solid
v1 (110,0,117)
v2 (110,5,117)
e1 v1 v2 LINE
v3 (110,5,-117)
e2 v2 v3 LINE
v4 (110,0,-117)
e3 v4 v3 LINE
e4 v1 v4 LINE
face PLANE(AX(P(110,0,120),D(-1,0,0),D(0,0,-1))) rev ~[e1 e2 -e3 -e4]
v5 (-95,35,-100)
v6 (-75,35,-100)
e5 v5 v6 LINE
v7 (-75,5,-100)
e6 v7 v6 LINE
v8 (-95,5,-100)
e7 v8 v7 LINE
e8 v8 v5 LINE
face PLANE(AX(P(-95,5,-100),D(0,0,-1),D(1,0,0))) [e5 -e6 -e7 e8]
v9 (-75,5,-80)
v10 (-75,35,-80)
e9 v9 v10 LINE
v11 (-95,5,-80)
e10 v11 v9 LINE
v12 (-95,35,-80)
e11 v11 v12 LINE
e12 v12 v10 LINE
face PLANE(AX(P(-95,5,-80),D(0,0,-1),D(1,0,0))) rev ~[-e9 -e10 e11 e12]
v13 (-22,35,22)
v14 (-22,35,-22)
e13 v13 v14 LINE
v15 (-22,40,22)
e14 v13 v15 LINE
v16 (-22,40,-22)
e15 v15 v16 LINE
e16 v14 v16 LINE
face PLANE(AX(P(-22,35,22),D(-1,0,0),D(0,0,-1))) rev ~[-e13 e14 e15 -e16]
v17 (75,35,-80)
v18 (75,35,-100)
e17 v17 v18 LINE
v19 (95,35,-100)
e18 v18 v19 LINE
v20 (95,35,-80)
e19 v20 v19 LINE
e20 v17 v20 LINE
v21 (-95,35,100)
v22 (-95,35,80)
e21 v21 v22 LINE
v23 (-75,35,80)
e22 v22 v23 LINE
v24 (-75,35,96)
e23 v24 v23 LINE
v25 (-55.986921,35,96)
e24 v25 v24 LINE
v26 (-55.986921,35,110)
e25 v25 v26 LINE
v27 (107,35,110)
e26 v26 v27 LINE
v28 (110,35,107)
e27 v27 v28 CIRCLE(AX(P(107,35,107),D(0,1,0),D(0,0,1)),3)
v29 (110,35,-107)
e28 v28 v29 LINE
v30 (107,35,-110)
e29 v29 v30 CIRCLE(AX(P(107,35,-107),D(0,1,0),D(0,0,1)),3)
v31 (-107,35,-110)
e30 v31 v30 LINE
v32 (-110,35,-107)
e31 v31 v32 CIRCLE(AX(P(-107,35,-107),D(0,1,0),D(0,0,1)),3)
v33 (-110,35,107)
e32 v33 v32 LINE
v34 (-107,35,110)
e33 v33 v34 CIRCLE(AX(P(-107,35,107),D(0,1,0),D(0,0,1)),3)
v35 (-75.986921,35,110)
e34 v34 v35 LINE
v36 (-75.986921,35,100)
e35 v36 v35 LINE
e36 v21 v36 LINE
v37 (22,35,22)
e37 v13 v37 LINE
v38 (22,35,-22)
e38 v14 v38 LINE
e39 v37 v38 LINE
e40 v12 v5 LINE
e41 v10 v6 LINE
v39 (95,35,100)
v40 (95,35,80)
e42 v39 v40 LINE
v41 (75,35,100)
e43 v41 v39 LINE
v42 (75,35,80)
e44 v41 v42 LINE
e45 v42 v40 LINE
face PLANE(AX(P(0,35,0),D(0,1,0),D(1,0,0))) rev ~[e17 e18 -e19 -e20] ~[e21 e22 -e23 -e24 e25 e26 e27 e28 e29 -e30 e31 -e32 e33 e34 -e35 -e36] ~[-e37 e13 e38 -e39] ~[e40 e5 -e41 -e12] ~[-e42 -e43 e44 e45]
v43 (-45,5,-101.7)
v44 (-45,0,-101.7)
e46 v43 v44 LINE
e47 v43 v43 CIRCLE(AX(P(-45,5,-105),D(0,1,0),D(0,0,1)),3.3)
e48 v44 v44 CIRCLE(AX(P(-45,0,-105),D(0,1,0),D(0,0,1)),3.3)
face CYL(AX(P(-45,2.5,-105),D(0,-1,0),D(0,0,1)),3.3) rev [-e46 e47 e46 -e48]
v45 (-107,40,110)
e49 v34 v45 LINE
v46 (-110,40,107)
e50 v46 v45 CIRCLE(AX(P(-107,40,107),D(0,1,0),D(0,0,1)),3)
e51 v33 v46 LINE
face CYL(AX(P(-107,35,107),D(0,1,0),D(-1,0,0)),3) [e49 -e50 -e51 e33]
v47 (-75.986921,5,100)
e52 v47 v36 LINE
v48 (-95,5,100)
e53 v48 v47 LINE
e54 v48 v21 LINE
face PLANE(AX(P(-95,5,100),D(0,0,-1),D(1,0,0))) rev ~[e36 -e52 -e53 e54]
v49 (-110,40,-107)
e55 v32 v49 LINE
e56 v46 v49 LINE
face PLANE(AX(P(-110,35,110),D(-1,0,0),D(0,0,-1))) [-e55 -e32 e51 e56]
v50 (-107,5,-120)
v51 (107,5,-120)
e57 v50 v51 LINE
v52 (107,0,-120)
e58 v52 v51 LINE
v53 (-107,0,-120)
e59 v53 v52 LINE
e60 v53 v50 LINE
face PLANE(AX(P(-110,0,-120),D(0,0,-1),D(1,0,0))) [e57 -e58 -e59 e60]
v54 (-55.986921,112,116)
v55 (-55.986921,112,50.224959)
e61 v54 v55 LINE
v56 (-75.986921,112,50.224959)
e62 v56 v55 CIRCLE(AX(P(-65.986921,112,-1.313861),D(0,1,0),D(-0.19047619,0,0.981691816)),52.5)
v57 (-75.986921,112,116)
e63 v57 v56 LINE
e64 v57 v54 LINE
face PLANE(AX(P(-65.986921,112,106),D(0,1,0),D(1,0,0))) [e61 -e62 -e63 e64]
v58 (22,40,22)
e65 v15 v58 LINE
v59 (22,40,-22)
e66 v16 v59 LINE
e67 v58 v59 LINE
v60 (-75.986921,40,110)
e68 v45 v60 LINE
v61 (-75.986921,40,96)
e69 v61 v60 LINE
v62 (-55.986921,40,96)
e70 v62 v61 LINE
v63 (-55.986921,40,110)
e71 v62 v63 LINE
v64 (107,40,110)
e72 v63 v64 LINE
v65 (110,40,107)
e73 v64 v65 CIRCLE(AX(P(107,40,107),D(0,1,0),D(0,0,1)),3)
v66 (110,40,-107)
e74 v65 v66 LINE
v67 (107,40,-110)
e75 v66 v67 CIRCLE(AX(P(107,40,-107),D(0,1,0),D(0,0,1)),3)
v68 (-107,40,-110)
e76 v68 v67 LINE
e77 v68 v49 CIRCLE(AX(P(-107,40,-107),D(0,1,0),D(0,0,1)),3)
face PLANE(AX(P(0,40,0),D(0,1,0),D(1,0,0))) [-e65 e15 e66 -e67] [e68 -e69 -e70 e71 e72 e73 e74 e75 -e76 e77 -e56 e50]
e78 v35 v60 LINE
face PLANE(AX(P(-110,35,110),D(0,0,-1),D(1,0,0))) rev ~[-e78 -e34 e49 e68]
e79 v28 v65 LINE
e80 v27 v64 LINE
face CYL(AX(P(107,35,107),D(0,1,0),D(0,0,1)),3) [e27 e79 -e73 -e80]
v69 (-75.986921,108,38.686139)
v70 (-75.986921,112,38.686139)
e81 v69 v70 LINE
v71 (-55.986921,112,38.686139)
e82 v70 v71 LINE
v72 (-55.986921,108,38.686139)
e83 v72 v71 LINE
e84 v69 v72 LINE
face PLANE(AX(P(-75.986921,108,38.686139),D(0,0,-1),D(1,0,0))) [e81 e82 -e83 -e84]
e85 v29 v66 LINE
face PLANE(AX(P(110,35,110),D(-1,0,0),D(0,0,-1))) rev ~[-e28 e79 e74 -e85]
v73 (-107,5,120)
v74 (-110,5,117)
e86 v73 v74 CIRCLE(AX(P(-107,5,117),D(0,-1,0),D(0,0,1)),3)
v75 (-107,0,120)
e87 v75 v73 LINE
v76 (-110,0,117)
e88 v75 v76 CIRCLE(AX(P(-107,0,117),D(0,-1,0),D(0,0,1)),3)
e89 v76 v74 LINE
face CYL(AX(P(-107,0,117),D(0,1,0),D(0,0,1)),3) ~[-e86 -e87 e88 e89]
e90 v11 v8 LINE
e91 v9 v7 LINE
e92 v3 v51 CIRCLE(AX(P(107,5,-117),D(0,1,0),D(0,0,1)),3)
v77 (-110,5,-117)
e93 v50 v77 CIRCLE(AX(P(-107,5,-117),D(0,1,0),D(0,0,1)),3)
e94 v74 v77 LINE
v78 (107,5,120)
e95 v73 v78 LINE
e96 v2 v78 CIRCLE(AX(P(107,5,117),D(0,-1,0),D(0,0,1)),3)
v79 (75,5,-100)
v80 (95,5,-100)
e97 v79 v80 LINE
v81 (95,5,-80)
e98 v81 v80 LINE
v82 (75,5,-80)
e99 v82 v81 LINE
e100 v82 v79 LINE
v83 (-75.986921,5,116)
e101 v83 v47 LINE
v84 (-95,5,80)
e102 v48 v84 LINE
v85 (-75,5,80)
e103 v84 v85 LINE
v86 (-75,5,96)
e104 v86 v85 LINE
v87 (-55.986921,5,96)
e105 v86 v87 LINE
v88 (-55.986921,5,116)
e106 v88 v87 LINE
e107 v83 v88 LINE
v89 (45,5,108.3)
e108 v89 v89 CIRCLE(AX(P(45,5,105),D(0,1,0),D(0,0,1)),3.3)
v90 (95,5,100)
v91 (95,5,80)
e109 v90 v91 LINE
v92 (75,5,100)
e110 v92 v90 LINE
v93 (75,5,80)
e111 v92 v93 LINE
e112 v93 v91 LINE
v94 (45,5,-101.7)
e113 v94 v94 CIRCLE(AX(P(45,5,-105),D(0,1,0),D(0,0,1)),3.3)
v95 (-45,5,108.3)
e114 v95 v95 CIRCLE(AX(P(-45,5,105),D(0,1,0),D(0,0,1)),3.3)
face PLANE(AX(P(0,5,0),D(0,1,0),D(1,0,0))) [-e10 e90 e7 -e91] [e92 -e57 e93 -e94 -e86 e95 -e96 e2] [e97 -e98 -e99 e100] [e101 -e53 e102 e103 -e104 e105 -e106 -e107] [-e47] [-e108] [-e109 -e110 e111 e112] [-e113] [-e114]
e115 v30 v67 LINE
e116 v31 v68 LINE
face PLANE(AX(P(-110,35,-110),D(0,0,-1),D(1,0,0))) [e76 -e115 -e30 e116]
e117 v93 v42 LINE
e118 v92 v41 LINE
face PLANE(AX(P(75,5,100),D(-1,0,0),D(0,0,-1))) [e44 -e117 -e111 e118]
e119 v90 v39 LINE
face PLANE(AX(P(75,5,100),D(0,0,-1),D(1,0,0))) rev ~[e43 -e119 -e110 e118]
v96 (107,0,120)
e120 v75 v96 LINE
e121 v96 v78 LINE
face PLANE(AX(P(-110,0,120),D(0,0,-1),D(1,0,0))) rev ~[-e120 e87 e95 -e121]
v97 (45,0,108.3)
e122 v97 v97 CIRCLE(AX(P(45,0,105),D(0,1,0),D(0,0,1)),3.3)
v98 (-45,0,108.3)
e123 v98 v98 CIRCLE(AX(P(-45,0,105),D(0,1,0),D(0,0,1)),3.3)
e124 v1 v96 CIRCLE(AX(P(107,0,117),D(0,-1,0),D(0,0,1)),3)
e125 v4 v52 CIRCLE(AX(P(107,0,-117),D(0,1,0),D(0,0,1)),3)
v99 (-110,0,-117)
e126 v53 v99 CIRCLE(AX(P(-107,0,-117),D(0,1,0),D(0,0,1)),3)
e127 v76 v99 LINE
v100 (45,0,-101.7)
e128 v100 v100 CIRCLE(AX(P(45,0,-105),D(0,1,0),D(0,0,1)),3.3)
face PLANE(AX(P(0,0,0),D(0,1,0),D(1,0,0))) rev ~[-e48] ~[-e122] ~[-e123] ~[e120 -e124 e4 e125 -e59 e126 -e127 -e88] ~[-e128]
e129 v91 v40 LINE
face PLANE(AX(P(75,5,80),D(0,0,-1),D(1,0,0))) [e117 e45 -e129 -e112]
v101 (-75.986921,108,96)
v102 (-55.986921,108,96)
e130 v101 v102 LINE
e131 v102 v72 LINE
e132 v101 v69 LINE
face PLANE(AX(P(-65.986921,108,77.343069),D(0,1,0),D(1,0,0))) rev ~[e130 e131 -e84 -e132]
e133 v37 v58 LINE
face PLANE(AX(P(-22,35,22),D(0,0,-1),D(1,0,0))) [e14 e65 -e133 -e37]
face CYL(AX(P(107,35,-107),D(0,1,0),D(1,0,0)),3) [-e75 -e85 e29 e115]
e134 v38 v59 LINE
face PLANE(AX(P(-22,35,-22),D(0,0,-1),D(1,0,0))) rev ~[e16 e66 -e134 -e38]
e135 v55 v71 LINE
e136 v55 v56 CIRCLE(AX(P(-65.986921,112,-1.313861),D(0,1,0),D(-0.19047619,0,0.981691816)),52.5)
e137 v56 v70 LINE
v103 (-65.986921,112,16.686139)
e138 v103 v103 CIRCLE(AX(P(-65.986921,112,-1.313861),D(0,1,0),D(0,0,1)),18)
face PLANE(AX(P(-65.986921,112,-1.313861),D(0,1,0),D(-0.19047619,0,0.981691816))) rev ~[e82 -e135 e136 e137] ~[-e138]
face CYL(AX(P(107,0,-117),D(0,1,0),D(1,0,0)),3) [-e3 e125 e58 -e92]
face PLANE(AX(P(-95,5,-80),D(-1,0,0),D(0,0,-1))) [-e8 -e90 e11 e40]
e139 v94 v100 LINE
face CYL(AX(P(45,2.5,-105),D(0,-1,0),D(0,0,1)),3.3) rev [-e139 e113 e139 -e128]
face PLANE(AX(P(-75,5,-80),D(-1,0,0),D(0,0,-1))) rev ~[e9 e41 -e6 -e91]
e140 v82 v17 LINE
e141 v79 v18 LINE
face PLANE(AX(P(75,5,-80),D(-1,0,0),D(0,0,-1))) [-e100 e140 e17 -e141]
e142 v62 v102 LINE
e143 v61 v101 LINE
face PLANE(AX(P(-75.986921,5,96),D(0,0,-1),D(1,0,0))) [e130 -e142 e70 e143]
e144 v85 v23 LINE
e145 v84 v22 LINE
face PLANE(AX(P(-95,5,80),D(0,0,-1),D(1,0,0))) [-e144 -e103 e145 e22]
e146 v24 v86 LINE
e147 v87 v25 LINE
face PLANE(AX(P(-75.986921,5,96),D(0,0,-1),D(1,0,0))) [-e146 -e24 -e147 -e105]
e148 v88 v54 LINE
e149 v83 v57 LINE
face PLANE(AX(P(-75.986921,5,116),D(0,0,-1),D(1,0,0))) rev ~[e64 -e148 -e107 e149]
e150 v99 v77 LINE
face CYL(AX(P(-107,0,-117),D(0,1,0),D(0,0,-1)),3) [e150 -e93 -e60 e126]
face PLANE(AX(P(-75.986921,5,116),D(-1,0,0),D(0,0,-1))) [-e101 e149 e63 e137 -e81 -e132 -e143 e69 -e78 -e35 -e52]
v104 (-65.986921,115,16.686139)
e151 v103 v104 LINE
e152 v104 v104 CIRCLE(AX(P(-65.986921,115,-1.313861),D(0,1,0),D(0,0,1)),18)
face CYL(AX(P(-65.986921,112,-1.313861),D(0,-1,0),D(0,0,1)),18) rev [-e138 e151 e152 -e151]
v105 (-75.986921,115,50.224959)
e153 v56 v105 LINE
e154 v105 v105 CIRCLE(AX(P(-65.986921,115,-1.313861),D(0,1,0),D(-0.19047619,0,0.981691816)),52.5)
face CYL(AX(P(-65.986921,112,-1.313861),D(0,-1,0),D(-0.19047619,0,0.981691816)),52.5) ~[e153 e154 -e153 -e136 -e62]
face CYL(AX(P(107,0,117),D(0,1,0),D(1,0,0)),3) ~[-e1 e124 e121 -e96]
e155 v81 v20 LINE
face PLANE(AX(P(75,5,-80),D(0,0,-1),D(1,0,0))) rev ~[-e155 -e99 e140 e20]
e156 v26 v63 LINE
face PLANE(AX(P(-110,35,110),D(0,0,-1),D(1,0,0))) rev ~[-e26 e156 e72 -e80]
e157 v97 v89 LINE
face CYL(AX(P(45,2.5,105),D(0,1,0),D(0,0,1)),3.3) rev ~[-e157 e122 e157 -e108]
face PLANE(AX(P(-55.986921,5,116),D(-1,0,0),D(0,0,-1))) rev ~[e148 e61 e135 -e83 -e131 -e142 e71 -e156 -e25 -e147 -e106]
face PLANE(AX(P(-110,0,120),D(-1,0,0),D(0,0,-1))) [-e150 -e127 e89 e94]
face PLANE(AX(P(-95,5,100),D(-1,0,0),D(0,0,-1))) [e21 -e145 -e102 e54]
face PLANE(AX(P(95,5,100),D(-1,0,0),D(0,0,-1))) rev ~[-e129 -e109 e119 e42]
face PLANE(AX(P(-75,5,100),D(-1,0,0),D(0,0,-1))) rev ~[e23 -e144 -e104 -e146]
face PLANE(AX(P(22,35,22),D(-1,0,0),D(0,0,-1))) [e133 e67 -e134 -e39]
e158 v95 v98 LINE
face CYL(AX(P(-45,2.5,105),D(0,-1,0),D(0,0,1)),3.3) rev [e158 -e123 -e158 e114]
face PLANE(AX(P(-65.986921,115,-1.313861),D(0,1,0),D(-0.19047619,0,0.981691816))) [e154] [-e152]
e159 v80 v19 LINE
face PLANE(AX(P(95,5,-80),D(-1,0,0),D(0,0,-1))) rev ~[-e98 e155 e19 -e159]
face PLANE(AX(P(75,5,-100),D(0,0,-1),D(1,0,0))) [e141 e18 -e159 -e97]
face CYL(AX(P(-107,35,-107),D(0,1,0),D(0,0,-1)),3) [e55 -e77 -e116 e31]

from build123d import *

# Parameters (mm, degrees)
BASE_PLATE_PROFILE_W       = 220
BASE_PLATE_PROFILE_H       = 240
BASE_PLATE_DEPTH           = 5
STANDOFFS_START            = 5
STANDOFFS_PROFILE_W        = 20
STANDOFFS_PROFILE_H        = 20
STANDOFFS_DEPTH            = 30
HOLDER_START               = 35
HOLDER_SEAT_PROFILE_W      = 220
HOLDER_SEAT_PROFILE_H      = 220
HOLDER_SEAT_PROFILE_W_2    = 44
HOLDER_SEAT_PROFILE_H_2    = 44
HOLDER_SEAT_DEPTH          = 5
GUIDE_START                = 5
GUIDE_COLUMN_PROFILE_W     = 20
GUIDE_COLUMN_PROFILE_H     = 20
GUIDE_COLUMN_DEPTH         = 107
GUIDE_START_2              = 108
GUIDE_ARM_PROFILE_W        = 20
GUIDE_ARM_PROFILE_H        = 77.313861244
GUIDE_ARM_DEPTH            = 4
GUIDE_START_3              = 112
GUIDE_SEAT_PROFILE_R       = 52.5
GUIDE_SEAT_PROFILE_R_2     = 18
GUIDE_SEAT_DEPTH           = 3
BASE_START                 = 2.5
BASE_FIXING_HOLES_LAYOUT_R = 3.3
BASE_FIXING_HOLES_DEPTH    = 2.5
PLATE_CORNER_RADII_R       = 3


with BuildPart() as part:
    # Base Plate Profile → Base Plate (new body)
    with BuildSketch(Plane(origin=(0, 0, 0), x_dir=(1, 0, 0), z_dir=(0, 1, 0))):
        Rectangle(BASE_PLATE_PROFILE_W, BASE_PLATE_PROFILE_H)
    extrude(amount=BASE_PLATE_DEPTH)

    # Standoffs Profile → Standoffs (add)
    with BuildSketch(Plane(origin=(0, 0, 0), x_dir=(1, 0, 0), z_dir=(0, 1, 0)).offset(STANDOFFS_START)):
        with Locations((-85, 90)):
            Rectangle(STANDOFFS_PROFILE_W, STANDOFFS_PROFILE_H)
        with Locations((-85, -90)):
            Rectangle(STANDOFFS_PROFILE_W, STANDOFFS_PROFILE_H)
        with Locations((85, 90)):
            Rectangle(STANDOFFS_PROFILE_W, STANDOFFS_PROFILE_H)
        with Locations((85, -90)):
            Rectangle(STANDOFFS_PROFILE_W, STANDOFFS_PROFILE_H)
    extrude(amount=STANDOFFS_DEPTH)

    # Holder Seat Profile → Holder Seat (add)
    with BuildSketch(Plane(origin=(0, 0, 0), x_dir=(1, 0, 0), z_dir=(0, 1, 0)).offset(HOLDER_START)):
        Rectangle(HOLDER_SEAT_PROFILE_W, HOLDER_SEAT_PROFILE_H)
        Rectangle(HOLDER_SEAT_PROFILE_W_2, HOLDER_SEAT_PROFILE_H_2, mode=Mode.SUBTRACT)
    extrude(amount=HOLDER_SEAT_DEPTH)

    # Guide Column Profile → Guide Column (add)
    with BuildSketch(Plane(origin=(0, 0, 0), x_dir=(1, 0, 0), z_dir=(0, 1, 0)).offset(GUIDE_START)):
        with Locations((-65.986921194, -106)):
            Rectangle(GUIDE_COLUMN_PROFILE_W, GUIDE_COLUMN_PROFILE_H)
    extrude(amount=GUIDE_COLUMN_DEPTH)

    # Guide Arm Profile → Guide Arm (add)
    with BuildSketch(Plane(origin=(0, 0, 0), x_dir=(1, 0, 0), z_dir=(0, 1, 0)).offset(GUIDE_START_2)):
        with Locations((-65.986921194, -77.343069378)):
            Rectangle(GUIDE_ARM_PROFILE_W, GUIDE_ARM_PROFILE_H)
    extrude(amount=GUIDE_ARM_DEPTH)

    # Guide Seat Profile → Guide Seat (add)
    with BuildSketch(Plane(origin=(0, 0, 0), x_dir=(1, 0, 0), z_dir=(0, 1, 0)).offset(GUIDE_START_3)):
        with Locations(Location((-65.986921194, 1.313861244, 0), (0, 0, 259.019424572))):
            Circle(GUIDE_SEAT_PROFILE_R)
        with Locations(Location((-65.986921194, 1.313861244, 0), (0, 0, 270))):
            Circle(GUIDE_SEAT_PROFILE_R_2, mode=Mode.SUBTRACT)
    extrude(amount=GUIDE_SEAT_DEPTH)

    # Base Fixing Holes Layout → Base Fixing Holes (cut, symmetric)
    with BuildSketch(Plane(origin=(0, 0, 0), x_dir=(1, 0, 0), z_dir=(0, 1, 0)).offset(BASE_START)):
        with Locations(Location((-45, 105, 0), (0, 0, 270))):
            Circle(BASE_FIXING_HOLES_LAYOUT_R)
        with Locations(Location((-45, -105, 0), (0, 0, 270))):
            Circle(BASE_FIXING_HOLES_LAYOUT_R)
        with Locations(Location((45, 105, 0), (0, 0, 270))):
            Circle(BASE_FIXING_HOLES_LAYOUT_R)
        with Locations(Location((45, -105, 0), (0, 0, 270))):
            Circle(BASE_FIXING_HOLES_LAYOUT_R)
    extrude(amount=BASE_FIXING_HOLES_DEPTH, both=True, mode=Mode.SUBTRACT)

    # Plate Corner Radii
    plate_corner_radii_edges = [part.edges().sort_by_distance(p)[0] for p in [
        (-110, 37.5, -110),
        (-110, 37.5, 110),
        (110, 37.5, 110),
        (110, 37.5, -110),
        (-110, 2.5, -120),
        (110, 2.5, -120),
        (110, 2.5, 120),
        (-110, 2.5, 120),
    ]]
    fillet(plate_corner_radii_edges, radius=PLATE_CORNER_RADII_R)


solid = part.part
